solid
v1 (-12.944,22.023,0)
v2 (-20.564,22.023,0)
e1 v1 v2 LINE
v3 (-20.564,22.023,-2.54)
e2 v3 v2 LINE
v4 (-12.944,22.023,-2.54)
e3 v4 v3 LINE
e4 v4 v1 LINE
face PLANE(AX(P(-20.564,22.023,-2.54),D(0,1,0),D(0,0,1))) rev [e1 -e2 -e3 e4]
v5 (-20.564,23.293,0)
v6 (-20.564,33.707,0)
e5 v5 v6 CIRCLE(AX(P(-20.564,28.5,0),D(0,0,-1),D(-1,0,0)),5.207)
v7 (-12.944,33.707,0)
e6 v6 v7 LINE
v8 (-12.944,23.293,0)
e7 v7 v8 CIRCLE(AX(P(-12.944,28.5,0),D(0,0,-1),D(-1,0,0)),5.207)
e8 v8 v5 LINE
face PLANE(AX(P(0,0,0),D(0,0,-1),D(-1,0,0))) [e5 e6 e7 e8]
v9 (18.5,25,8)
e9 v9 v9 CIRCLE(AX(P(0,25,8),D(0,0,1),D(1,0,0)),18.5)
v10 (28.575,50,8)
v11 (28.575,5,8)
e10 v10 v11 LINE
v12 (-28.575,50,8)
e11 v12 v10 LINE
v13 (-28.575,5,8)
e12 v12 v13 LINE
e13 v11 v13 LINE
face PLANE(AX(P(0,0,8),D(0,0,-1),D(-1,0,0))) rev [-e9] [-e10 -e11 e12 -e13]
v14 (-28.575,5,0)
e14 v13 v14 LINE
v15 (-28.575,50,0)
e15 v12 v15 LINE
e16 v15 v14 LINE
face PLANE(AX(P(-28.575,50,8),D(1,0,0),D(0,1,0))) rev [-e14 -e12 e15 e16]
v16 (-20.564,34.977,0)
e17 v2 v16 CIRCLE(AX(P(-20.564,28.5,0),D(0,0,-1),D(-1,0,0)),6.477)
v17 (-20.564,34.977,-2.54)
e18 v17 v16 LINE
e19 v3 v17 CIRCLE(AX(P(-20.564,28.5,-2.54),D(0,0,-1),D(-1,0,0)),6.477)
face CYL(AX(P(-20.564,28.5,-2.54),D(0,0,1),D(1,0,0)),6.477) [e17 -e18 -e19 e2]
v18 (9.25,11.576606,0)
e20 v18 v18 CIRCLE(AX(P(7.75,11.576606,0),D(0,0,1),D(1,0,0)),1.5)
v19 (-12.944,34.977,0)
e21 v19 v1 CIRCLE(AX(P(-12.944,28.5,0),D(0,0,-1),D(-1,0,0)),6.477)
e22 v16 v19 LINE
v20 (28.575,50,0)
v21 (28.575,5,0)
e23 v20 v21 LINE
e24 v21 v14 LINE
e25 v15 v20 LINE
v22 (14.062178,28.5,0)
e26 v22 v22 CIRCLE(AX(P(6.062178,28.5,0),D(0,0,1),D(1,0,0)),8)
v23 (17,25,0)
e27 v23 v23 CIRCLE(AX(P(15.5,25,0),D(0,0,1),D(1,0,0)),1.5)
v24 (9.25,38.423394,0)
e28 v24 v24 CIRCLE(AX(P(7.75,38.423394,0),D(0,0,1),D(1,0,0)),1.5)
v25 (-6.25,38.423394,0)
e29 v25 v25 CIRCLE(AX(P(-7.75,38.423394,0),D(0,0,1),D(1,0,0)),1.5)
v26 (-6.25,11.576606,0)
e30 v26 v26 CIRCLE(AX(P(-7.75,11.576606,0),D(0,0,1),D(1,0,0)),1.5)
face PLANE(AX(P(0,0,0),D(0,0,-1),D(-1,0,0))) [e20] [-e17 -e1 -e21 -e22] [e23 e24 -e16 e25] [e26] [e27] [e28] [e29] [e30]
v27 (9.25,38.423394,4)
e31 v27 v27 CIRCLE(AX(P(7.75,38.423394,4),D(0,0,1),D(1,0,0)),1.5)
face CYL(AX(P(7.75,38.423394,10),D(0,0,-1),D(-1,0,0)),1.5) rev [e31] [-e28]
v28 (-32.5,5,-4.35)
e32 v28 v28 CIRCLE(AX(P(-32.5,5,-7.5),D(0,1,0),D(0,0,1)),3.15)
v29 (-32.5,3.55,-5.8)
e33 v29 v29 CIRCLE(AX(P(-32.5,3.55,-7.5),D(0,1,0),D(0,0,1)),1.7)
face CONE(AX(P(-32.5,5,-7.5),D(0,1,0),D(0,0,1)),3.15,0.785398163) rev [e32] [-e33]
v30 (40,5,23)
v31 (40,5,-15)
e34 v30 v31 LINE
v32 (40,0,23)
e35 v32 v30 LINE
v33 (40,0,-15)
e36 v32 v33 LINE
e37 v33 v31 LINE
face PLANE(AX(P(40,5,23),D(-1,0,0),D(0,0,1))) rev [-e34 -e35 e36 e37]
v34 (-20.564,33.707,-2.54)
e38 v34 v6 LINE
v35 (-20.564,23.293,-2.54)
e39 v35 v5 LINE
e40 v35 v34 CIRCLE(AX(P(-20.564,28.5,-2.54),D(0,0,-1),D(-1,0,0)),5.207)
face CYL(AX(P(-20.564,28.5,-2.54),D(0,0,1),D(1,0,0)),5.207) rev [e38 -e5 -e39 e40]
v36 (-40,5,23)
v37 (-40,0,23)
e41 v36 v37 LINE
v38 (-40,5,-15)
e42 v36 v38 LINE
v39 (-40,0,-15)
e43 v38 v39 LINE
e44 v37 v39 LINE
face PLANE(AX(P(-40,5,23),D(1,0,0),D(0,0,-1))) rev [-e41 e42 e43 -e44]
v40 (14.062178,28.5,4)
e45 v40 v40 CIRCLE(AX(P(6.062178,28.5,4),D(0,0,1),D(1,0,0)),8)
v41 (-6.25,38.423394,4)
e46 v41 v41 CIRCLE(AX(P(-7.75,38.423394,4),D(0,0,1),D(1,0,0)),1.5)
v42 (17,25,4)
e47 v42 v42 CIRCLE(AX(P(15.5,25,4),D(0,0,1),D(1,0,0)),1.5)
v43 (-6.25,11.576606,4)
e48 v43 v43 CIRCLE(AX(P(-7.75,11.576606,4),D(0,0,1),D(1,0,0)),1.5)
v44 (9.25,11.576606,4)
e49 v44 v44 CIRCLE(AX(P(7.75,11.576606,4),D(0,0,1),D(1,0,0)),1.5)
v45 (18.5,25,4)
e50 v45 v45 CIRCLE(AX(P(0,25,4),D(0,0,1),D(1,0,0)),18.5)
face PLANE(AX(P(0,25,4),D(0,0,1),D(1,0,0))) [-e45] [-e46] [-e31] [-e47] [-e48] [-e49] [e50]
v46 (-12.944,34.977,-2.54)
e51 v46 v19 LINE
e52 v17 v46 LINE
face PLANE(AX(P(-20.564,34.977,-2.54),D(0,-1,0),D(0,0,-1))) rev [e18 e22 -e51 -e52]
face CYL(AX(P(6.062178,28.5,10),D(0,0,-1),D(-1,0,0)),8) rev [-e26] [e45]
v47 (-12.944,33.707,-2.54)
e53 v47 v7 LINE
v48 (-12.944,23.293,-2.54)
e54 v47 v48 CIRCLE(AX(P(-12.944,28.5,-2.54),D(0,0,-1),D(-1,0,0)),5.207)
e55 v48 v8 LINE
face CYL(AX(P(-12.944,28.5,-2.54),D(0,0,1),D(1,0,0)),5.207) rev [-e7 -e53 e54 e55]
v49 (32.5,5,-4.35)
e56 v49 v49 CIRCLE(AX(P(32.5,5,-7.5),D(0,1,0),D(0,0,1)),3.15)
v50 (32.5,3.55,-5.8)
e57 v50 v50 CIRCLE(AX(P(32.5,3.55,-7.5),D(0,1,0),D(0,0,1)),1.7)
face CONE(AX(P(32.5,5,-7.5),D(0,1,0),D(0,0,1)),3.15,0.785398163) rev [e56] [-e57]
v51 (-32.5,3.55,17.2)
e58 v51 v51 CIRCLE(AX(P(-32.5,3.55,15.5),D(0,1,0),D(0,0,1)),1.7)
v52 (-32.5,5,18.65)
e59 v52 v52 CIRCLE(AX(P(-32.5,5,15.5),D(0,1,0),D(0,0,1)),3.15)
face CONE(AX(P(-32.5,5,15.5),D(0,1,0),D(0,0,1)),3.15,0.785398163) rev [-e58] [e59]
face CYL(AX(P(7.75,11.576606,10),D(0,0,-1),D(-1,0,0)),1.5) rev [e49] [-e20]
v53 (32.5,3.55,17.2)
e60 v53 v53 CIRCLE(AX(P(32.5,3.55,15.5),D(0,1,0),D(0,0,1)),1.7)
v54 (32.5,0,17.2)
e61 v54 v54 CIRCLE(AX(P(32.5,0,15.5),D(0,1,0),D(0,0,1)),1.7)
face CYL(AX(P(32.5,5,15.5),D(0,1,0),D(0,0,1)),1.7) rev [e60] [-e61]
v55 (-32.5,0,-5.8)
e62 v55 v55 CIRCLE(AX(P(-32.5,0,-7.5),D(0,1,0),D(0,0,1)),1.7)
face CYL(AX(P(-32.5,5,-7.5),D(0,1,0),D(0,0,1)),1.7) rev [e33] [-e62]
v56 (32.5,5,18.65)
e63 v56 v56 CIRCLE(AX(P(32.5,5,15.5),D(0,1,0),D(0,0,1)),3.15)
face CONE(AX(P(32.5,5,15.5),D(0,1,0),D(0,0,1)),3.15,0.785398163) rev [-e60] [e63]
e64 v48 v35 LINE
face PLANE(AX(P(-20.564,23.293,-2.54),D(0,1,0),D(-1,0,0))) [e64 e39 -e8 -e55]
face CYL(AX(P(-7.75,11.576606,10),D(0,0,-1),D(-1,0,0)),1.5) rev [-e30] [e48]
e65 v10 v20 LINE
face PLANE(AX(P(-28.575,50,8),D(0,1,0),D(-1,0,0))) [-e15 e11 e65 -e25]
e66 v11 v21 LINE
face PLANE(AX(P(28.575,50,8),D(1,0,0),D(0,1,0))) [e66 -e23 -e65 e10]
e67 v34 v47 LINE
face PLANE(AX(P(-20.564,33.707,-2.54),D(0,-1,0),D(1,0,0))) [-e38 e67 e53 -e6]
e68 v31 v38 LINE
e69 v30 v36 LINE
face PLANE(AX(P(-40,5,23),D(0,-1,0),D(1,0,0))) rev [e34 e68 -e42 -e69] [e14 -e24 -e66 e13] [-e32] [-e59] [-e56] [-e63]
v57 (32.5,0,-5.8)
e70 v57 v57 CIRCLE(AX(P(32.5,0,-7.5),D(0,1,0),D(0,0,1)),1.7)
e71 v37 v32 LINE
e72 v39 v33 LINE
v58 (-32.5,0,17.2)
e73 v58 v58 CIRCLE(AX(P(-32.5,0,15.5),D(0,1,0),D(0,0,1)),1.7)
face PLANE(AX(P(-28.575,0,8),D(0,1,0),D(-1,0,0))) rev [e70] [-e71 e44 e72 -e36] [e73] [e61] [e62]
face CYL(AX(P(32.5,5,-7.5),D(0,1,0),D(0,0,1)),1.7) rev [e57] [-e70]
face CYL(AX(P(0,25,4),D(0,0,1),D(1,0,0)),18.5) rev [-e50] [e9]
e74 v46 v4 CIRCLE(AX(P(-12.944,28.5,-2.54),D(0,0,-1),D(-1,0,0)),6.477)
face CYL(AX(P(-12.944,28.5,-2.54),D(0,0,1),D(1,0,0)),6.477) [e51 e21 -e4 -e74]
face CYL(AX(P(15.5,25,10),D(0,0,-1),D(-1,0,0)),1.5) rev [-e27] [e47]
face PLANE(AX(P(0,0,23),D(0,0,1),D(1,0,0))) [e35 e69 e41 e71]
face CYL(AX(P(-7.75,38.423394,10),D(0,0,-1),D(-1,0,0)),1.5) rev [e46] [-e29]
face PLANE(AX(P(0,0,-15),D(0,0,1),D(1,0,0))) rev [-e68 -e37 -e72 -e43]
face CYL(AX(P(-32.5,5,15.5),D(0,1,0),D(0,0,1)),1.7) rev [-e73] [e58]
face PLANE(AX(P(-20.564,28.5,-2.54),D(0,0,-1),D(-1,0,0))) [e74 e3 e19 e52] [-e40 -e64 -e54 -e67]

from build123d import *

# Parameters (mm, degrees)
SKETCH3_W                                       = 57.15
SKETCH3_H                                       = 50
BOSS_EXTRUDE1_DEPTH                             = 8
SKETCH3_3_R                                     = 1.5
SKETCH3_3_R_2                                   = 8
CUT_EXTRUDE2_DEPTH                              = 10
SKETCH4_R                                       = 18.5
CUT_EXTRUDE3_DEPTH                              = 4
BOSS_EXTRUDE2_DEPTH                             = 15
BOSS_EXTRUDE2_DEPTH_BACK                        = 23
SKETCH6_W                                       = 80
SKETCH6_H                                       = 5
CSK_FOR_M3_FLAT_HEAD_MACHINE_SCREW1_D           = 3.4
CSK_FOR_M3_FLAT_HEAD_MACHINE_SCREW1_CSINK_D     = 6.3
CSK_FOR_M3_FLAT_HEAD_MACHINE_SCREW1_CSINK_ANGLE = 90
BOSS_EXTRUDE4_DEPTH                             = 2.54


with BuildPart() as part:
    # Sketch3 → Boss-Extrude1 (new body)
    with BuildSketch(Plane.XY):
        with Locations((0, 25)):
            Rectangle(SKETCH3_W, SKETCH3_H)
    extrude(amount=BOSS_EXTRUDE1_DEPTH)

    # Sketch3<3> → Cut-Extrude2 (cut)
    with BuildSketch(Plane.XY):
        with Locations((-7.75, 38.423393759)):
            Circle(SKETCH3_3_R)
        with Locations((7.75, 38.423393759)):
            Circle(SKETCH3_3_R)
        with Locations((-7.75, 11.576606241)):
            Circle(SKETCH3_3_R)
        with Locations((7.75, 11.576606241)):
            Circle(SKETCH3_3_R)
        with Locations((15.5, 25)):
            Circle(SKETCH3_3_R)
        with Locations((6.062177825, 28.499999999)):
            Circle(SKETCH3_3_R_2)
    extrude(amount=CUT_EXTRUDE2_DEPTH, mode=Mode.SUBTRACT)

    # Sketch4 → Cut-Extrude3 (cut)
    with BuildSketch(Plane.XY.offset(8)):
        with Locations((0, 25)):
            Circle(SKETCH4_R)
    extrude(amount=-CUT_EXTRUDE3_DEPTH, mode=Mode.SUBTRACT)

    # Sketch6 → Boss-Extrude2 (add, two sides: drawn at the far end of the back side and taken through both)
    with BuildSketch(Plane.XY.offset(8).offset(-BOSS_EXTRUDE2_DEPTH_BACK)):
        with Locations((0, 2.5)):
            Rectangle(SKETCH6_W, SKETCH6_H)
    extrude(amount=BOSS_EXTRUDE2_DEPTH + BOSS_EXTRUDE2_DEPTH_BACK)

    # CSK for M3 Flat Head Machine Screw1 (through all)
    with Locations(Plane(origin=(0, 5, 0), x_dir=(1, 0, 0), z_dir=(0, 1, 0))):
        with Locations((-32.5, 7.5), (-32.5, -15.5), (32.5, -15.5), (32.5, 7.5)):
            CounterSinkHole(CSK_FOR_M3_FLAT_HEAD_MACHINE_SCREW1_D / 2, CSK_FOR_M3_FLAT_HEAD_MACHINE_SCREW1_CSINK_D / 2, counter_sink_angle=CSK_FOR_M3_FLAT_HEAD_MACHINE_SCREW1_CSINK_ANGLE)

    # Sketch13 → Boss-Extrude4 (add)
    with BuildSketch(Plane(origin=(0, 0, 0), x_dir=(-1, 0, 0), z_dir=(0, 0, -1))):
        with BuildLine():
            Line((20.564, 22.023), (12.944, 22.023))
            ThreePointArc((12.944, 22.023), (6.467, 28.5), (12.944, 34.977))
            Line((12.944, 34.977), (20.564, 34.977))
            ThreePointArc((20.564, 34.977), (27.041, 28.5), (20.564, 22.023))
        make_face()
        with BuildLine():
            Line((20.564, 23.293), (12.944, 23.293))
            ThreePointArc((12.944, 23.293), (7.737, 28.5), (12.944, 33.707))
            Line((12.944, 33.707), (20.564, 33.707))
            ThreePointArc((20.564, 33.707), (25.771, 28.5), (20.564, 23.293))
        make_face(mode=Mode.SUBTRACT)
    extrude(amount=BOSS_EXTRUDE4_DEPTH)


solid = part.part
